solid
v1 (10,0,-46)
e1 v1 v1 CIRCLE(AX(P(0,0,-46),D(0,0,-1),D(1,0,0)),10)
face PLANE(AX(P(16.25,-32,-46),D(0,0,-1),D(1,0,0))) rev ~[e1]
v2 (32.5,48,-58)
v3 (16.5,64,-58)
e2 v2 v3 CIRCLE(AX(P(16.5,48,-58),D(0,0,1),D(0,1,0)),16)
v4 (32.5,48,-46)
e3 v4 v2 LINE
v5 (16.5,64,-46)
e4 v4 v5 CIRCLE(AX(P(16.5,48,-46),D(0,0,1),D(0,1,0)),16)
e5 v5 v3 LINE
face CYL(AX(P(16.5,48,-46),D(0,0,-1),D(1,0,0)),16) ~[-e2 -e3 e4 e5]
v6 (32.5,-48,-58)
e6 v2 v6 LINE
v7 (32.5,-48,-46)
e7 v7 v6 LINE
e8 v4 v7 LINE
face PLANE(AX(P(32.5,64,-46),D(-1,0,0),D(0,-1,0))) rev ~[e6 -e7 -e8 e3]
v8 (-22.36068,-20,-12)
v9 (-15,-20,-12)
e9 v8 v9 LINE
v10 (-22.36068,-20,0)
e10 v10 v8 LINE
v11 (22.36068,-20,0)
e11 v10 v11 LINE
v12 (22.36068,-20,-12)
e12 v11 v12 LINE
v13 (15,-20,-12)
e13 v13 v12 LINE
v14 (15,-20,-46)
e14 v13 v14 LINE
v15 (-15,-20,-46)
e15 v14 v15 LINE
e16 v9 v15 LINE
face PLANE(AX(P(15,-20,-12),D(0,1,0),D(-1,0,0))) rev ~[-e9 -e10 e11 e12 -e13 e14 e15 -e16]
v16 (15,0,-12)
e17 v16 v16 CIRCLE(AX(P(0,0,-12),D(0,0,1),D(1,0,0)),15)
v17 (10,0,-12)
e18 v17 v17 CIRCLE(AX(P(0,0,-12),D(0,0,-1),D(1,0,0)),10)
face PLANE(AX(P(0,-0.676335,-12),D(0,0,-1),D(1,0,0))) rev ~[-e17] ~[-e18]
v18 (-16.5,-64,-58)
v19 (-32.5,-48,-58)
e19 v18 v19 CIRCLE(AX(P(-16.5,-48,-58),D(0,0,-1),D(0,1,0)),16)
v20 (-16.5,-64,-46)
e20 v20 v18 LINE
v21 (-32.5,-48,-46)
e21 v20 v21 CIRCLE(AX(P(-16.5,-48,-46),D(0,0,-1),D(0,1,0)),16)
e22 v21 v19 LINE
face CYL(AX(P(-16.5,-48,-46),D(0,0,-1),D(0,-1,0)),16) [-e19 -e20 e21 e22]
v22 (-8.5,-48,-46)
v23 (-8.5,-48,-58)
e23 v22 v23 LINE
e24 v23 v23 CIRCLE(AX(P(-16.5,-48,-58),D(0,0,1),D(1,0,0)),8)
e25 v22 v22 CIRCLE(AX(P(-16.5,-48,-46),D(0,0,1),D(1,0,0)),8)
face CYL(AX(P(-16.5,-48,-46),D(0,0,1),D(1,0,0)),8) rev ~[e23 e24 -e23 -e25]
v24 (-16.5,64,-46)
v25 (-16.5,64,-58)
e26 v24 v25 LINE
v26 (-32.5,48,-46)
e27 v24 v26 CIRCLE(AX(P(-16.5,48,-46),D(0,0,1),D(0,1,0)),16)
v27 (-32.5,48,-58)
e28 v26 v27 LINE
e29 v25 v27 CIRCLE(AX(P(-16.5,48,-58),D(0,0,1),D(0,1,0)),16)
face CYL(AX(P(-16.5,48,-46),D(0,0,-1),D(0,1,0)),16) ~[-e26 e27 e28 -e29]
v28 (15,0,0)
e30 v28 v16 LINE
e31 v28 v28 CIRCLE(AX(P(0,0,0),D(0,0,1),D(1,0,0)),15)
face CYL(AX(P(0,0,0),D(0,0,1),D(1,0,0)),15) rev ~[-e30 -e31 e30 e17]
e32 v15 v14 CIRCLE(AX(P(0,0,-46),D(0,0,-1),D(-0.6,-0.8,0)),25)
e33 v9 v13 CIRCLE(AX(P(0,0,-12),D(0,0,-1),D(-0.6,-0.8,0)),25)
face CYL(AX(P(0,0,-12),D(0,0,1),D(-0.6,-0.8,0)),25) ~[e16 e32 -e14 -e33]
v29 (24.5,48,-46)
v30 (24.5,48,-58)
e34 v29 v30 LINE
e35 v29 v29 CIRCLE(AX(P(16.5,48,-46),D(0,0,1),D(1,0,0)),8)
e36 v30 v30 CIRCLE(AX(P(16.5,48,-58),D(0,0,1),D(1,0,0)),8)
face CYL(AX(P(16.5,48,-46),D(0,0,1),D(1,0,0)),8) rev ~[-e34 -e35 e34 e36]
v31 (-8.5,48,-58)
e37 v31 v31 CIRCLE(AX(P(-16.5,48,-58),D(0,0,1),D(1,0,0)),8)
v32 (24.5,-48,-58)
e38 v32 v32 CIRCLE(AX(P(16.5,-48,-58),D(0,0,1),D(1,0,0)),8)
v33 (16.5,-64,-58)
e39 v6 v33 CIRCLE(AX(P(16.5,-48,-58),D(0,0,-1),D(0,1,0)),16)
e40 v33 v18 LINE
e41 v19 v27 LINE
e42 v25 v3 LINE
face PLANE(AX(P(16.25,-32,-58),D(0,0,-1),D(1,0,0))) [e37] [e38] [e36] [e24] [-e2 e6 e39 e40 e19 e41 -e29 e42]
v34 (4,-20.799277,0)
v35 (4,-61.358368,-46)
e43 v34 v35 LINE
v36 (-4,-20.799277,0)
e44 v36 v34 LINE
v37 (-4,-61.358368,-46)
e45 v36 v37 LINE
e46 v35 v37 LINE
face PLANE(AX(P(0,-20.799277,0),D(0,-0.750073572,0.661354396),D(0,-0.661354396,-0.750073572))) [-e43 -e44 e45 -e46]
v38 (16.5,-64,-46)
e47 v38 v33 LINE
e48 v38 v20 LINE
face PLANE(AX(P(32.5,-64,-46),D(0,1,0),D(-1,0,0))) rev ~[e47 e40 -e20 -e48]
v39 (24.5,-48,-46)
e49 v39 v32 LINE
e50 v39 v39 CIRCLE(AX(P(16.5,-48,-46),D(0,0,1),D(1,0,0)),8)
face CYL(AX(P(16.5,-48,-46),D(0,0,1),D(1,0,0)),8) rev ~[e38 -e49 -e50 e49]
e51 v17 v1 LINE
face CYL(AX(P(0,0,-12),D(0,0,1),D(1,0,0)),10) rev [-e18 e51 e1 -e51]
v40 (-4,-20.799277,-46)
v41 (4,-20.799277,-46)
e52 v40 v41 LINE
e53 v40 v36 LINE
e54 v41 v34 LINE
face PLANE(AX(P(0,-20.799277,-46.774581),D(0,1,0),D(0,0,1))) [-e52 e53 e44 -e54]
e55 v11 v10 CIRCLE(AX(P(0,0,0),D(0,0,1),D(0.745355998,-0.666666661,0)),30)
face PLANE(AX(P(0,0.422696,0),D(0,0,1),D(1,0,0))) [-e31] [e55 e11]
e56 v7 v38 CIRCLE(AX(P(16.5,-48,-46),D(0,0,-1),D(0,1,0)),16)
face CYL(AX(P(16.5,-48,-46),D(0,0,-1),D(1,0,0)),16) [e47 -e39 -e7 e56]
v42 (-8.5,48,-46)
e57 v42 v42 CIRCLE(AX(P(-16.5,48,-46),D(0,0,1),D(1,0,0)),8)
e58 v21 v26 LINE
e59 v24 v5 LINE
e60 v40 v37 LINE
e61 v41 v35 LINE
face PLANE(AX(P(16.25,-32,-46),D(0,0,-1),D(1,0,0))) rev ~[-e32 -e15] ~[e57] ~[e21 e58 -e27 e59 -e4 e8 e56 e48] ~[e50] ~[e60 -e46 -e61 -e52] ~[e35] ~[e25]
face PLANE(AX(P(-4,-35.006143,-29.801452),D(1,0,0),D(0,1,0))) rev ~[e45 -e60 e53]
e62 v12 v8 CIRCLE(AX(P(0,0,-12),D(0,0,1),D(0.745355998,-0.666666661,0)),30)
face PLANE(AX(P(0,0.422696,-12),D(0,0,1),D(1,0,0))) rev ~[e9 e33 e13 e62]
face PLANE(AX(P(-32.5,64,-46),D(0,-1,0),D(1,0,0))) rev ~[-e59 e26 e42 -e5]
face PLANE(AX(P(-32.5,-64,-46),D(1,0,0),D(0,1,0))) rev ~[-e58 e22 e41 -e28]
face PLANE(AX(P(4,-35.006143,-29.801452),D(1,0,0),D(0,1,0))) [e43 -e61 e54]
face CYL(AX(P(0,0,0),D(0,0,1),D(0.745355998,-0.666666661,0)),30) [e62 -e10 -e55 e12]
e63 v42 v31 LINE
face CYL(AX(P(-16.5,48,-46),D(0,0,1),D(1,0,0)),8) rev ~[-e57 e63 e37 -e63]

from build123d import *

# Parameters (mm, degrees)
F0_R      = 15
F1_DEPTH  = 12
F2_R      = 10
F3_DEPTH  = 34
F4_W      = 32.5
F4_H      = 64
F5_DEPTH  = 12
F6_R      = 16
F7_R      = 8
F8_DEPTH  = 12.001
F10_DEPTH = 4


with BuildPart() as f1:
    # F0 (on Top) → F1 (new body)
    with BuildSketch(Plane.XY):
        with BuildLine():
            Line((-22.36068, -20), (22.36068, -20))
            ThreePointArc((22.36068, -20), (0, 30), (-22.36068, -20))
        make_face()
        Circle(F0_R, mode=Mode.SUBTRACT)
    extrude(amount=-F1_DEPTH)

    # F2 (on face) → F3 (join)
    with BuildSketch(Plane(origin=(0, 0, -12), x_dir=(1, 0, 0), z_dir=(0, 0, -1))):
        with BuildLine():
            Line((15, 20), (-15, 20))
            ThreePointArc((-15, 20), (0, -25), (15, 20))
        make_face()
        Circle(F2_R, mode=Mode.SUBTRACT)
    extrude(amount=F3_DEPTH)

    # F4 (on face) → F5 (join)
    with BuildSketch(Plane(origin=(0, 0, -46), x_dir=(1, 0, 0), z_dir=(0, 0, -1))):
        with Locations((16.25, 32)):
            Rectangle(F4_W, F4_H)
        with Locations((16.25, -32)):
            Rectangle(F4_W, F4_H)
        with Locations((-16.25, 32)):
            Rectangle(F4_W, F4_H)
        with Locations((-16.25, -32)):
            Rectangle(F4_W, F4_H)
    extrude(amount=F5_DEPTH)

    # F6
    f6_edges = [f1.edges().sort_by_distance(p)[0] for p in [
        (-32.5, 64, -52),
        (32.5, 64, -52),
        (-32.5, -64, -52),
        (32.5, -64, -52),
    ]]
    fillet(f6_edges, radius=F6_R)

    # F7 (on face) → F8 (cut, through all)
    with BuildSketch(Plane.XY.offset(-46)):
        with Locations((16.5, 48)):
            Circle(F7_R)
        with Locations((-16.5, 48)):
            Circle(F7_R)
        with Locations((-16.5, -48)):
            Circle(F7_R)
        with Locations((16.5, -48)):
            Circle(F7_R)
    extrude(amount=-F8_DEPTH, mode=Mode.SUBTRACT)

    # F9 (on Right) → F10 (join, symmetric)
    with BuildSketch(Plane.YZ):
        Polygon((-20.799277, -46.774581), (-20.799277, 0), (-62.041331, -46.774581), align=None)
    extrude(amount=F10_DEPTH, both=True)


solid = f1.part
